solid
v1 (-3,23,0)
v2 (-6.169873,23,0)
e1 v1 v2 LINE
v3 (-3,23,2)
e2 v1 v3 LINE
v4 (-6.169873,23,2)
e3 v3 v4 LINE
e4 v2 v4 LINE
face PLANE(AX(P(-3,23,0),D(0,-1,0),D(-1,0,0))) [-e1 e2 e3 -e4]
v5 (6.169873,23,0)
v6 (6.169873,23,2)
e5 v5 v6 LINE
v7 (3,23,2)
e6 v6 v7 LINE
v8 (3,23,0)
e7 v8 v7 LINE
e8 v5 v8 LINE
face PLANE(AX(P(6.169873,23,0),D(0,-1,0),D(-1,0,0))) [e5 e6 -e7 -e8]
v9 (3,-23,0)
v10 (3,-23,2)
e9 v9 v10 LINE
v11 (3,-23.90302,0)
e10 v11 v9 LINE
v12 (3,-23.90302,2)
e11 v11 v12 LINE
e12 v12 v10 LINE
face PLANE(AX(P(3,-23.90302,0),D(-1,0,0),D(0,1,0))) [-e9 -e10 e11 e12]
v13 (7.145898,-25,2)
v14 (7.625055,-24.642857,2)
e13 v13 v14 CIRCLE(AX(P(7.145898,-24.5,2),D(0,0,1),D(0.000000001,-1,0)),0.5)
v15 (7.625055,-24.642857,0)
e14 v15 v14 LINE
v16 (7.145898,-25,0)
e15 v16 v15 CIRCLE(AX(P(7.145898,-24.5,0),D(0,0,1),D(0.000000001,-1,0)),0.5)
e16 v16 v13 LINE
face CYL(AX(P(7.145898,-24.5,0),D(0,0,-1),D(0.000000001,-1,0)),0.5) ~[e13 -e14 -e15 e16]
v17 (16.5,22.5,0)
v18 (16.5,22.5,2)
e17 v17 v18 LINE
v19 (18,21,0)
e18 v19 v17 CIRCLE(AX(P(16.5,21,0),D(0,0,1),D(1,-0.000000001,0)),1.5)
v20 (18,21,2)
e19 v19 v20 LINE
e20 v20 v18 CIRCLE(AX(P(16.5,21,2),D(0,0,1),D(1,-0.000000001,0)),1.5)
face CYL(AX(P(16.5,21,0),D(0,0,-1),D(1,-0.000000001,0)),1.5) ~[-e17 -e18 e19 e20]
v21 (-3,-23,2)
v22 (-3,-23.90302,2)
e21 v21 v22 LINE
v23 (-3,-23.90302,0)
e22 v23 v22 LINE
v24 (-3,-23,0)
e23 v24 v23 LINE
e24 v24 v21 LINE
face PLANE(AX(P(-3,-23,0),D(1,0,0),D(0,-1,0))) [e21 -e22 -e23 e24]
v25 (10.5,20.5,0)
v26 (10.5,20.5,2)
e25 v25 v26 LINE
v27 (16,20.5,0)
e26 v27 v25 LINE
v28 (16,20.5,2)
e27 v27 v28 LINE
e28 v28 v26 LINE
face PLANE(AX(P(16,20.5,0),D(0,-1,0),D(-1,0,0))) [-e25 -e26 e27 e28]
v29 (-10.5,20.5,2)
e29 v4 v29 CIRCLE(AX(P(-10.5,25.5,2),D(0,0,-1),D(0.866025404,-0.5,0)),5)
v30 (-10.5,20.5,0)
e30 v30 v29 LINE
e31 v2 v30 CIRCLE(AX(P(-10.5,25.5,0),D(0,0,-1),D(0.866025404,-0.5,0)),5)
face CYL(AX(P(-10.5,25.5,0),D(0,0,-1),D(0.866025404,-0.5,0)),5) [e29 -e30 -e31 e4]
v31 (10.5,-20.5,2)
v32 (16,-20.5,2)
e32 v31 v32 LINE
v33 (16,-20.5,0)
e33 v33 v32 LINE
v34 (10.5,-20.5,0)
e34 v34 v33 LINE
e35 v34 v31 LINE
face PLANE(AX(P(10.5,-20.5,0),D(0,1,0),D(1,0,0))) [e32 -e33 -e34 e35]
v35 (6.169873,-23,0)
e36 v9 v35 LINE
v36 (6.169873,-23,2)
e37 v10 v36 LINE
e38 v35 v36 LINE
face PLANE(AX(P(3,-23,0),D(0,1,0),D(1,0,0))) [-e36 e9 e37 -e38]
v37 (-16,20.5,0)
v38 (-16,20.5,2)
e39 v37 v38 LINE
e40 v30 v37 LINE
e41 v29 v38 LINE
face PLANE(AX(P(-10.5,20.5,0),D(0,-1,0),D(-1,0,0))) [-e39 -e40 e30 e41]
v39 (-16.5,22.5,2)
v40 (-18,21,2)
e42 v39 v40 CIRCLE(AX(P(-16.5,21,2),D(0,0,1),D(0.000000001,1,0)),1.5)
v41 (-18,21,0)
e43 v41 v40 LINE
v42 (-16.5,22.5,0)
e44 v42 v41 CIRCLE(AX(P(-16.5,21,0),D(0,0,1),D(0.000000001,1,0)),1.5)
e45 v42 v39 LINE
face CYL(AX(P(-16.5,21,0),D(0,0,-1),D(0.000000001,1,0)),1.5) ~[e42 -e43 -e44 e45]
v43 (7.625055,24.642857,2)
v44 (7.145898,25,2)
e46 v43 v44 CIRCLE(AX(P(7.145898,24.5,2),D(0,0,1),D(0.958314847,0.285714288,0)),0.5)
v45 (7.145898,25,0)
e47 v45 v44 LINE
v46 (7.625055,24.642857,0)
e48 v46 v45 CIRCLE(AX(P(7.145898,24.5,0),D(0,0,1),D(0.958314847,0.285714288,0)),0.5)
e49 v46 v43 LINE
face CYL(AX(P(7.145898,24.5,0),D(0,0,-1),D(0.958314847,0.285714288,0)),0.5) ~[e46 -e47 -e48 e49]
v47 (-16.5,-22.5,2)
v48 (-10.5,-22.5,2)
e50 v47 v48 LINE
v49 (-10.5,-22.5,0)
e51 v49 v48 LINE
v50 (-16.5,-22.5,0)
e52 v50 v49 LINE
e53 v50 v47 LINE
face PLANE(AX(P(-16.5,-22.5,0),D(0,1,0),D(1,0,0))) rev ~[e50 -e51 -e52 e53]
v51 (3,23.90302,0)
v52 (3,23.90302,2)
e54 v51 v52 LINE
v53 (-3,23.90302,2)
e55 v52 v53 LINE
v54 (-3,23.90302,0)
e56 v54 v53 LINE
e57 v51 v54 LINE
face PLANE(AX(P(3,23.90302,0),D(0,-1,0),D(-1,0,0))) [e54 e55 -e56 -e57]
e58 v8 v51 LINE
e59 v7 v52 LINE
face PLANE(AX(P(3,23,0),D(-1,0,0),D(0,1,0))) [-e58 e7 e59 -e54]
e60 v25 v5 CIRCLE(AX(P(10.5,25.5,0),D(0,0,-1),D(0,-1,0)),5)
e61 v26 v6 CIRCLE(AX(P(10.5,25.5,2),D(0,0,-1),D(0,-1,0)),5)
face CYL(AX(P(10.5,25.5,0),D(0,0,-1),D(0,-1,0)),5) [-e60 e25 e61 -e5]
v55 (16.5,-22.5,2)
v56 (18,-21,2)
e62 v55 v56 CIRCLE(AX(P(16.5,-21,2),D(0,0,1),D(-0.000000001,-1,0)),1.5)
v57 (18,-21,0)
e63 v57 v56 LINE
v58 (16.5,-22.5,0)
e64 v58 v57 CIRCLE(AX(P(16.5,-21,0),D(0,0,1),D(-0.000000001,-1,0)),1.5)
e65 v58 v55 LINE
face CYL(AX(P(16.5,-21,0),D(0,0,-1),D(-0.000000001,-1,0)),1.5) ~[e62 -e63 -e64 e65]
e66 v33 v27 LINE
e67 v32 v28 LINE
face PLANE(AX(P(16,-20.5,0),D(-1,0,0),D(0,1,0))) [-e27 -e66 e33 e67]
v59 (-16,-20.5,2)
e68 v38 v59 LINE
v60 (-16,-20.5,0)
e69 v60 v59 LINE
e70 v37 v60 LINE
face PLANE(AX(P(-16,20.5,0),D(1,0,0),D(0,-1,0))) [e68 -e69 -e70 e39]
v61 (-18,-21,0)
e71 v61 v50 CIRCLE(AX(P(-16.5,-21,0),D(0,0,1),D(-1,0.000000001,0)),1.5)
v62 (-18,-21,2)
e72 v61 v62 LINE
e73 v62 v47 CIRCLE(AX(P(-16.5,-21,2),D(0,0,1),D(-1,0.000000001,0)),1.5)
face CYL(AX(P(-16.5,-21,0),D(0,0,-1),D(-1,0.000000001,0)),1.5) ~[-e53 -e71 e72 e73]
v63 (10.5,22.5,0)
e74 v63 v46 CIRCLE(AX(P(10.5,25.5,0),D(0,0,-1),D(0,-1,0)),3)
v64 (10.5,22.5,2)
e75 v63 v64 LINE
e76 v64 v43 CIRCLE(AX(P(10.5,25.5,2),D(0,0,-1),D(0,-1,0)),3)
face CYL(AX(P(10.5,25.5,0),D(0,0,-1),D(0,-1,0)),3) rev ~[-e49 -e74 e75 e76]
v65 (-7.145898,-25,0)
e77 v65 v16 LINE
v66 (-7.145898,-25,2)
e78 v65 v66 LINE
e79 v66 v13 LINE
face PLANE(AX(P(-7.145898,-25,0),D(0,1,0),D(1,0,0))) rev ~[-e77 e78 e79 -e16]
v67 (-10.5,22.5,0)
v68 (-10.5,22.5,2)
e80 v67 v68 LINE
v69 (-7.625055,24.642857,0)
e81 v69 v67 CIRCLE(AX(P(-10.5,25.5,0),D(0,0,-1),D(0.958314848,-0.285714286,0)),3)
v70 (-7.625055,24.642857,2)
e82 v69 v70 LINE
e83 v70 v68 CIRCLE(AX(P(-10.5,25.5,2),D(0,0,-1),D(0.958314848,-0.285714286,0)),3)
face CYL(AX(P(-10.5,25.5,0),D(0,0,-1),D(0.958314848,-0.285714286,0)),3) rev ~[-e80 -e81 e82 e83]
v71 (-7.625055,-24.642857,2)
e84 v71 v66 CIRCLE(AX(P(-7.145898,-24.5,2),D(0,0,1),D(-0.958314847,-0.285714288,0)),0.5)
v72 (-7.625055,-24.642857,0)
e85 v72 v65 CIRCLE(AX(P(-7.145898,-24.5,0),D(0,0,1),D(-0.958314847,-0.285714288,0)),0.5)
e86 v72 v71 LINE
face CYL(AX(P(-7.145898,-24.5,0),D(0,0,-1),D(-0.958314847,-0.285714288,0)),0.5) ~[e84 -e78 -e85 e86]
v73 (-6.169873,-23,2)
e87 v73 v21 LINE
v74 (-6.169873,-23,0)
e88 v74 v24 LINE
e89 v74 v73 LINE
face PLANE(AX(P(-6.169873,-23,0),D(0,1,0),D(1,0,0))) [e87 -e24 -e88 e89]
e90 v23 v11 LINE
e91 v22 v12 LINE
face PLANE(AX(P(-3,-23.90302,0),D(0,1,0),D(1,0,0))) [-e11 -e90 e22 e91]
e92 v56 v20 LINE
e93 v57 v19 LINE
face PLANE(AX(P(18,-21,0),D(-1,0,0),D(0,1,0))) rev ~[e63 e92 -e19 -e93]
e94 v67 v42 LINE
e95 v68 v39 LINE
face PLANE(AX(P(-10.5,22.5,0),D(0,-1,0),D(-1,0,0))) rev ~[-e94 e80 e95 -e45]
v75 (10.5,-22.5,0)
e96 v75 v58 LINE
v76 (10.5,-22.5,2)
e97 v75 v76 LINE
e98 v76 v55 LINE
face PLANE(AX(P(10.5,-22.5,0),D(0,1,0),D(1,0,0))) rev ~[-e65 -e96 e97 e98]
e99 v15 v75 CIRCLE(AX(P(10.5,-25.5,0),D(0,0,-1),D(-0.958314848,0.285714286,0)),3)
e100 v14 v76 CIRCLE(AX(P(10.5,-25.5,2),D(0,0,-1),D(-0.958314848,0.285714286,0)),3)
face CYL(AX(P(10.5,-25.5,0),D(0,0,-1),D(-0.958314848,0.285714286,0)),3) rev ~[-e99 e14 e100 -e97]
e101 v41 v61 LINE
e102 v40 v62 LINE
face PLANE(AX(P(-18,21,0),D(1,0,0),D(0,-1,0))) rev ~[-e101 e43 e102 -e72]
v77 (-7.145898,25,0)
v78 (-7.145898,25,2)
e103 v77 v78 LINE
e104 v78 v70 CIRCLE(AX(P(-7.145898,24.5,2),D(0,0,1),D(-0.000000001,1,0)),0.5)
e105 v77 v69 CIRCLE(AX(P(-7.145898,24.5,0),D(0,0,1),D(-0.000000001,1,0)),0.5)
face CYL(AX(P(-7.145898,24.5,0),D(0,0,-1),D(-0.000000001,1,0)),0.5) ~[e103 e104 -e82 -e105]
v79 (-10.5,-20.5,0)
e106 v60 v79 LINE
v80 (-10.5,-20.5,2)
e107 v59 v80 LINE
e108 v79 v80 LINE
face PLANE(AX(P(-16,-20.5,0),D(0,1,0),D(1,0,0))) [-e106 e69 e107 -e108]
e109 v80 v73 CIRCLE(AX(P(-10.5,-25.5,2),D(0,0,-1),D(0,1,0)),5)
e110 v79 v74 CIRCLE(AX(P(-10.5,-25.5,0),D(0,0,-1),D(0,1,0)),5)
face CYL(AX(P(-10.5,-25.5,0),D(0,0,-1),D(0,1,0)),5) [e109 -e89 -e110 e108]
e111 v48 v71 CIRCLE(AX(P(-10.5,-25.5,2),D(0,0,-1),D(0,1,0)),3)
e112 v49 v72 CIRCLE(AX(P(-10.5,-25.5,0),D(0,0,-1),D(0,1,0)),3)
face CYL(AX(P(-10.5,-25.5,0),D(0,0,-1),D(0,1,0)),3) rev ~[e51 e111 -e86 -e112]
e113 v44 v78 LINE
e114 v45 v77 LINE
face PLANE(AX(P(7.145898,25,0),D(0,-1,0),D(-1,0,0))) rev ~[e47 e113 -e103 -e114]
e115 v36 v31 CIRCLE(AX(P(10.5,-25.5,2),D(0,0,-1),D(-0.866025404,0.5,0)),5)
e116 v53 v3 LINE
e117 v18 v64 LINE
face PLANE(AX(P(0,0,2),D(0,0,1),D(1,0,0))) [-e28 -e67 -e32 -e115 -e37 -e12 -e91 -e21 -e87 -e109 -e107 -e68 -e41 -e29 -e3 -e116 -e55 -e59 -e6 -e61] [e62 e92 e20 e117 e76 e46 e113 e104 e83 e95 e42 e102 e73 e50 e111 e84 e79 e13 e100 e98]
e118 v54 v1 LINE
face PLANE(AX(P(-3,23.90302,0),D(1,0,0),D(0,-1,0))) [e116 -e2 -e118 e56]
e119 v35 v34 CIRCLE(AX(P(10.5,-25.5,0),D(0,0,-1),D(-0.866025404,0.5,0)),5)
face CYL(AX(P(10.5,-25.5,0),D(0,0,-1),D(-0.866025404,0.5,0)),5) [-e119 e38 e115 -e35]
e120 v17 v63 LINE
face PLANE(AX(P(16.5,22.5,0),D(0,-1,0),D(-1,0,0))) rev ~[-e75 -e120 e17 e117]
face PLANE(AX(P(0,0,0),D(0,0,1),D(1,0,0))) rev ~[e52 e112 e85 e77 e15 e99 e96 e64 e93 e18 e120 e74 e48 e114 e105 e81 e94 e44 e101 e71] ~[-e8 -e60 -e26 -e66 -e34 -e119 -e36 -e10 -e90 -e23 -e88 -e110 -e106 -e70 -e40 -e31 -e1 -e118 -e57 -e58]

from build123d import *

# Parameters (mm, degrees)
BASE_EXTRUSION_DEPTH = 2


with BuildPart() as part:
    # Esquisse1 → Base-Extrusion (new body)
    with BuildSketch(Plane.XY):
        with BuildLine():
            Line((-16.5, -22.5), (-10.5, -22.5))
            ThreePointArc((-10.5, -22.5), (-8.707157086, -23.094648823), (-7.625055458, -24.642857143))
            ThreePointArc((-7.625055458, -24.642857143), (-7.444705186, -24.900891863), (-7.145898034, -25))
            Line((-7.145898034, -25), (7.145898034, -25))
            ThreePointArc((7.145898034, -25), (7.444705186, -24.900891863), (7.625055458, -24.642857143))
            ThreePointArc((7.625055458, -24.642857143), (8.707157086, -23.094648823), (10.5, -22.5))
            Line((10.5, -22.5), (16.5, -22.5))
            ThreePointArc((16.5, -22.5), (17.560660172, -22.060660172), (18, -21))
            Line((18, -21), (18, 21))
            ThreePointArc((18, 21), (17.560660172, 22.060660172), (16.5, 22.5))
            Line((16.5, 22.5), (10.5, 22.5))
            ThreePointArc((10.5, 22.5), (8.707157086, 23.094648823), (7.625055458, 24.642857143))
            ThreePointArc((7.625055458, 24.642857143), (7.444705186, 24.900891863), (7.145898034, 25))
            Line((7.145898034, 25), (-7.145898034, 25))
            ThreePointArc((-7.145898034, 25), (-7.444705186, 24.900891863), (-7.625055458, 24.642857143))
            ThreePointArc((-7.625055458, 24.642857143), (-8.707157086, 23.094648823), (-10.5, 22.5))
            Line((-10.5, 22.5), (-16.5, 22.5))
            ThreePointArc((-16.5, 22.5), (-17.560660172, 22.060660172), (-18, 21))
            Line((-18, 21), (-18, -21))
            ThreePointArc((-18, -21), (-17.560660172, -22.060660172), (-16.5, -22.5))
        make_face()
        with BuildLine():
            Line((-16, -20.5), (-10.5, -20.5))
            ThreePointArc((-10.5, -20.5), (-8, -21.169872981), (-6.169872981, -23))
            Line((-6.169872981, -23), (-3, -23))
            Line((-3, -23), (-3, -23.903020069))
            Line((-3, -23.903020069), (3, -23.903020069))
            Line((3, -23.903020069), (3, -23))
            Line((3, -23), (6.169872981, -23))
            ThreePointArc((6.169872981, -23), (8, -21.169872981), (10.5, -20.5))
            Line((10.5, -20.5), (16, -20.5))
            Line((16, -20.5), (16, 20.5))
            Line((16, 20.5), (10.5, 20.5))
            ThreePointArc((10.5, 20.5), (8, 21.169872981), (6.169872981, 23))
            Line((6.169872981, 23), (3, 23))
            Line((3, 23), (3, 23.903020069))
            Line((3, 23.903020069), (-3, 23.903020069))
            Line((-3, 23.903020069), (-3, 23))
            Line((-3, 23), (-6.169872981, 23))
            ThreePointArc((-6.169872981, 23), (-8, 21.169872981), (-10.5, 20.5))
            Line((-10.5, 20.5), (-16, 20.5))
            Line((-16, 20.5), (-16, -20.5))
        make_face(mode=Mode.SUBTRACT)
    extrude(amount=BASE_EXTRUSION_DEPTH)


solid = part.part
